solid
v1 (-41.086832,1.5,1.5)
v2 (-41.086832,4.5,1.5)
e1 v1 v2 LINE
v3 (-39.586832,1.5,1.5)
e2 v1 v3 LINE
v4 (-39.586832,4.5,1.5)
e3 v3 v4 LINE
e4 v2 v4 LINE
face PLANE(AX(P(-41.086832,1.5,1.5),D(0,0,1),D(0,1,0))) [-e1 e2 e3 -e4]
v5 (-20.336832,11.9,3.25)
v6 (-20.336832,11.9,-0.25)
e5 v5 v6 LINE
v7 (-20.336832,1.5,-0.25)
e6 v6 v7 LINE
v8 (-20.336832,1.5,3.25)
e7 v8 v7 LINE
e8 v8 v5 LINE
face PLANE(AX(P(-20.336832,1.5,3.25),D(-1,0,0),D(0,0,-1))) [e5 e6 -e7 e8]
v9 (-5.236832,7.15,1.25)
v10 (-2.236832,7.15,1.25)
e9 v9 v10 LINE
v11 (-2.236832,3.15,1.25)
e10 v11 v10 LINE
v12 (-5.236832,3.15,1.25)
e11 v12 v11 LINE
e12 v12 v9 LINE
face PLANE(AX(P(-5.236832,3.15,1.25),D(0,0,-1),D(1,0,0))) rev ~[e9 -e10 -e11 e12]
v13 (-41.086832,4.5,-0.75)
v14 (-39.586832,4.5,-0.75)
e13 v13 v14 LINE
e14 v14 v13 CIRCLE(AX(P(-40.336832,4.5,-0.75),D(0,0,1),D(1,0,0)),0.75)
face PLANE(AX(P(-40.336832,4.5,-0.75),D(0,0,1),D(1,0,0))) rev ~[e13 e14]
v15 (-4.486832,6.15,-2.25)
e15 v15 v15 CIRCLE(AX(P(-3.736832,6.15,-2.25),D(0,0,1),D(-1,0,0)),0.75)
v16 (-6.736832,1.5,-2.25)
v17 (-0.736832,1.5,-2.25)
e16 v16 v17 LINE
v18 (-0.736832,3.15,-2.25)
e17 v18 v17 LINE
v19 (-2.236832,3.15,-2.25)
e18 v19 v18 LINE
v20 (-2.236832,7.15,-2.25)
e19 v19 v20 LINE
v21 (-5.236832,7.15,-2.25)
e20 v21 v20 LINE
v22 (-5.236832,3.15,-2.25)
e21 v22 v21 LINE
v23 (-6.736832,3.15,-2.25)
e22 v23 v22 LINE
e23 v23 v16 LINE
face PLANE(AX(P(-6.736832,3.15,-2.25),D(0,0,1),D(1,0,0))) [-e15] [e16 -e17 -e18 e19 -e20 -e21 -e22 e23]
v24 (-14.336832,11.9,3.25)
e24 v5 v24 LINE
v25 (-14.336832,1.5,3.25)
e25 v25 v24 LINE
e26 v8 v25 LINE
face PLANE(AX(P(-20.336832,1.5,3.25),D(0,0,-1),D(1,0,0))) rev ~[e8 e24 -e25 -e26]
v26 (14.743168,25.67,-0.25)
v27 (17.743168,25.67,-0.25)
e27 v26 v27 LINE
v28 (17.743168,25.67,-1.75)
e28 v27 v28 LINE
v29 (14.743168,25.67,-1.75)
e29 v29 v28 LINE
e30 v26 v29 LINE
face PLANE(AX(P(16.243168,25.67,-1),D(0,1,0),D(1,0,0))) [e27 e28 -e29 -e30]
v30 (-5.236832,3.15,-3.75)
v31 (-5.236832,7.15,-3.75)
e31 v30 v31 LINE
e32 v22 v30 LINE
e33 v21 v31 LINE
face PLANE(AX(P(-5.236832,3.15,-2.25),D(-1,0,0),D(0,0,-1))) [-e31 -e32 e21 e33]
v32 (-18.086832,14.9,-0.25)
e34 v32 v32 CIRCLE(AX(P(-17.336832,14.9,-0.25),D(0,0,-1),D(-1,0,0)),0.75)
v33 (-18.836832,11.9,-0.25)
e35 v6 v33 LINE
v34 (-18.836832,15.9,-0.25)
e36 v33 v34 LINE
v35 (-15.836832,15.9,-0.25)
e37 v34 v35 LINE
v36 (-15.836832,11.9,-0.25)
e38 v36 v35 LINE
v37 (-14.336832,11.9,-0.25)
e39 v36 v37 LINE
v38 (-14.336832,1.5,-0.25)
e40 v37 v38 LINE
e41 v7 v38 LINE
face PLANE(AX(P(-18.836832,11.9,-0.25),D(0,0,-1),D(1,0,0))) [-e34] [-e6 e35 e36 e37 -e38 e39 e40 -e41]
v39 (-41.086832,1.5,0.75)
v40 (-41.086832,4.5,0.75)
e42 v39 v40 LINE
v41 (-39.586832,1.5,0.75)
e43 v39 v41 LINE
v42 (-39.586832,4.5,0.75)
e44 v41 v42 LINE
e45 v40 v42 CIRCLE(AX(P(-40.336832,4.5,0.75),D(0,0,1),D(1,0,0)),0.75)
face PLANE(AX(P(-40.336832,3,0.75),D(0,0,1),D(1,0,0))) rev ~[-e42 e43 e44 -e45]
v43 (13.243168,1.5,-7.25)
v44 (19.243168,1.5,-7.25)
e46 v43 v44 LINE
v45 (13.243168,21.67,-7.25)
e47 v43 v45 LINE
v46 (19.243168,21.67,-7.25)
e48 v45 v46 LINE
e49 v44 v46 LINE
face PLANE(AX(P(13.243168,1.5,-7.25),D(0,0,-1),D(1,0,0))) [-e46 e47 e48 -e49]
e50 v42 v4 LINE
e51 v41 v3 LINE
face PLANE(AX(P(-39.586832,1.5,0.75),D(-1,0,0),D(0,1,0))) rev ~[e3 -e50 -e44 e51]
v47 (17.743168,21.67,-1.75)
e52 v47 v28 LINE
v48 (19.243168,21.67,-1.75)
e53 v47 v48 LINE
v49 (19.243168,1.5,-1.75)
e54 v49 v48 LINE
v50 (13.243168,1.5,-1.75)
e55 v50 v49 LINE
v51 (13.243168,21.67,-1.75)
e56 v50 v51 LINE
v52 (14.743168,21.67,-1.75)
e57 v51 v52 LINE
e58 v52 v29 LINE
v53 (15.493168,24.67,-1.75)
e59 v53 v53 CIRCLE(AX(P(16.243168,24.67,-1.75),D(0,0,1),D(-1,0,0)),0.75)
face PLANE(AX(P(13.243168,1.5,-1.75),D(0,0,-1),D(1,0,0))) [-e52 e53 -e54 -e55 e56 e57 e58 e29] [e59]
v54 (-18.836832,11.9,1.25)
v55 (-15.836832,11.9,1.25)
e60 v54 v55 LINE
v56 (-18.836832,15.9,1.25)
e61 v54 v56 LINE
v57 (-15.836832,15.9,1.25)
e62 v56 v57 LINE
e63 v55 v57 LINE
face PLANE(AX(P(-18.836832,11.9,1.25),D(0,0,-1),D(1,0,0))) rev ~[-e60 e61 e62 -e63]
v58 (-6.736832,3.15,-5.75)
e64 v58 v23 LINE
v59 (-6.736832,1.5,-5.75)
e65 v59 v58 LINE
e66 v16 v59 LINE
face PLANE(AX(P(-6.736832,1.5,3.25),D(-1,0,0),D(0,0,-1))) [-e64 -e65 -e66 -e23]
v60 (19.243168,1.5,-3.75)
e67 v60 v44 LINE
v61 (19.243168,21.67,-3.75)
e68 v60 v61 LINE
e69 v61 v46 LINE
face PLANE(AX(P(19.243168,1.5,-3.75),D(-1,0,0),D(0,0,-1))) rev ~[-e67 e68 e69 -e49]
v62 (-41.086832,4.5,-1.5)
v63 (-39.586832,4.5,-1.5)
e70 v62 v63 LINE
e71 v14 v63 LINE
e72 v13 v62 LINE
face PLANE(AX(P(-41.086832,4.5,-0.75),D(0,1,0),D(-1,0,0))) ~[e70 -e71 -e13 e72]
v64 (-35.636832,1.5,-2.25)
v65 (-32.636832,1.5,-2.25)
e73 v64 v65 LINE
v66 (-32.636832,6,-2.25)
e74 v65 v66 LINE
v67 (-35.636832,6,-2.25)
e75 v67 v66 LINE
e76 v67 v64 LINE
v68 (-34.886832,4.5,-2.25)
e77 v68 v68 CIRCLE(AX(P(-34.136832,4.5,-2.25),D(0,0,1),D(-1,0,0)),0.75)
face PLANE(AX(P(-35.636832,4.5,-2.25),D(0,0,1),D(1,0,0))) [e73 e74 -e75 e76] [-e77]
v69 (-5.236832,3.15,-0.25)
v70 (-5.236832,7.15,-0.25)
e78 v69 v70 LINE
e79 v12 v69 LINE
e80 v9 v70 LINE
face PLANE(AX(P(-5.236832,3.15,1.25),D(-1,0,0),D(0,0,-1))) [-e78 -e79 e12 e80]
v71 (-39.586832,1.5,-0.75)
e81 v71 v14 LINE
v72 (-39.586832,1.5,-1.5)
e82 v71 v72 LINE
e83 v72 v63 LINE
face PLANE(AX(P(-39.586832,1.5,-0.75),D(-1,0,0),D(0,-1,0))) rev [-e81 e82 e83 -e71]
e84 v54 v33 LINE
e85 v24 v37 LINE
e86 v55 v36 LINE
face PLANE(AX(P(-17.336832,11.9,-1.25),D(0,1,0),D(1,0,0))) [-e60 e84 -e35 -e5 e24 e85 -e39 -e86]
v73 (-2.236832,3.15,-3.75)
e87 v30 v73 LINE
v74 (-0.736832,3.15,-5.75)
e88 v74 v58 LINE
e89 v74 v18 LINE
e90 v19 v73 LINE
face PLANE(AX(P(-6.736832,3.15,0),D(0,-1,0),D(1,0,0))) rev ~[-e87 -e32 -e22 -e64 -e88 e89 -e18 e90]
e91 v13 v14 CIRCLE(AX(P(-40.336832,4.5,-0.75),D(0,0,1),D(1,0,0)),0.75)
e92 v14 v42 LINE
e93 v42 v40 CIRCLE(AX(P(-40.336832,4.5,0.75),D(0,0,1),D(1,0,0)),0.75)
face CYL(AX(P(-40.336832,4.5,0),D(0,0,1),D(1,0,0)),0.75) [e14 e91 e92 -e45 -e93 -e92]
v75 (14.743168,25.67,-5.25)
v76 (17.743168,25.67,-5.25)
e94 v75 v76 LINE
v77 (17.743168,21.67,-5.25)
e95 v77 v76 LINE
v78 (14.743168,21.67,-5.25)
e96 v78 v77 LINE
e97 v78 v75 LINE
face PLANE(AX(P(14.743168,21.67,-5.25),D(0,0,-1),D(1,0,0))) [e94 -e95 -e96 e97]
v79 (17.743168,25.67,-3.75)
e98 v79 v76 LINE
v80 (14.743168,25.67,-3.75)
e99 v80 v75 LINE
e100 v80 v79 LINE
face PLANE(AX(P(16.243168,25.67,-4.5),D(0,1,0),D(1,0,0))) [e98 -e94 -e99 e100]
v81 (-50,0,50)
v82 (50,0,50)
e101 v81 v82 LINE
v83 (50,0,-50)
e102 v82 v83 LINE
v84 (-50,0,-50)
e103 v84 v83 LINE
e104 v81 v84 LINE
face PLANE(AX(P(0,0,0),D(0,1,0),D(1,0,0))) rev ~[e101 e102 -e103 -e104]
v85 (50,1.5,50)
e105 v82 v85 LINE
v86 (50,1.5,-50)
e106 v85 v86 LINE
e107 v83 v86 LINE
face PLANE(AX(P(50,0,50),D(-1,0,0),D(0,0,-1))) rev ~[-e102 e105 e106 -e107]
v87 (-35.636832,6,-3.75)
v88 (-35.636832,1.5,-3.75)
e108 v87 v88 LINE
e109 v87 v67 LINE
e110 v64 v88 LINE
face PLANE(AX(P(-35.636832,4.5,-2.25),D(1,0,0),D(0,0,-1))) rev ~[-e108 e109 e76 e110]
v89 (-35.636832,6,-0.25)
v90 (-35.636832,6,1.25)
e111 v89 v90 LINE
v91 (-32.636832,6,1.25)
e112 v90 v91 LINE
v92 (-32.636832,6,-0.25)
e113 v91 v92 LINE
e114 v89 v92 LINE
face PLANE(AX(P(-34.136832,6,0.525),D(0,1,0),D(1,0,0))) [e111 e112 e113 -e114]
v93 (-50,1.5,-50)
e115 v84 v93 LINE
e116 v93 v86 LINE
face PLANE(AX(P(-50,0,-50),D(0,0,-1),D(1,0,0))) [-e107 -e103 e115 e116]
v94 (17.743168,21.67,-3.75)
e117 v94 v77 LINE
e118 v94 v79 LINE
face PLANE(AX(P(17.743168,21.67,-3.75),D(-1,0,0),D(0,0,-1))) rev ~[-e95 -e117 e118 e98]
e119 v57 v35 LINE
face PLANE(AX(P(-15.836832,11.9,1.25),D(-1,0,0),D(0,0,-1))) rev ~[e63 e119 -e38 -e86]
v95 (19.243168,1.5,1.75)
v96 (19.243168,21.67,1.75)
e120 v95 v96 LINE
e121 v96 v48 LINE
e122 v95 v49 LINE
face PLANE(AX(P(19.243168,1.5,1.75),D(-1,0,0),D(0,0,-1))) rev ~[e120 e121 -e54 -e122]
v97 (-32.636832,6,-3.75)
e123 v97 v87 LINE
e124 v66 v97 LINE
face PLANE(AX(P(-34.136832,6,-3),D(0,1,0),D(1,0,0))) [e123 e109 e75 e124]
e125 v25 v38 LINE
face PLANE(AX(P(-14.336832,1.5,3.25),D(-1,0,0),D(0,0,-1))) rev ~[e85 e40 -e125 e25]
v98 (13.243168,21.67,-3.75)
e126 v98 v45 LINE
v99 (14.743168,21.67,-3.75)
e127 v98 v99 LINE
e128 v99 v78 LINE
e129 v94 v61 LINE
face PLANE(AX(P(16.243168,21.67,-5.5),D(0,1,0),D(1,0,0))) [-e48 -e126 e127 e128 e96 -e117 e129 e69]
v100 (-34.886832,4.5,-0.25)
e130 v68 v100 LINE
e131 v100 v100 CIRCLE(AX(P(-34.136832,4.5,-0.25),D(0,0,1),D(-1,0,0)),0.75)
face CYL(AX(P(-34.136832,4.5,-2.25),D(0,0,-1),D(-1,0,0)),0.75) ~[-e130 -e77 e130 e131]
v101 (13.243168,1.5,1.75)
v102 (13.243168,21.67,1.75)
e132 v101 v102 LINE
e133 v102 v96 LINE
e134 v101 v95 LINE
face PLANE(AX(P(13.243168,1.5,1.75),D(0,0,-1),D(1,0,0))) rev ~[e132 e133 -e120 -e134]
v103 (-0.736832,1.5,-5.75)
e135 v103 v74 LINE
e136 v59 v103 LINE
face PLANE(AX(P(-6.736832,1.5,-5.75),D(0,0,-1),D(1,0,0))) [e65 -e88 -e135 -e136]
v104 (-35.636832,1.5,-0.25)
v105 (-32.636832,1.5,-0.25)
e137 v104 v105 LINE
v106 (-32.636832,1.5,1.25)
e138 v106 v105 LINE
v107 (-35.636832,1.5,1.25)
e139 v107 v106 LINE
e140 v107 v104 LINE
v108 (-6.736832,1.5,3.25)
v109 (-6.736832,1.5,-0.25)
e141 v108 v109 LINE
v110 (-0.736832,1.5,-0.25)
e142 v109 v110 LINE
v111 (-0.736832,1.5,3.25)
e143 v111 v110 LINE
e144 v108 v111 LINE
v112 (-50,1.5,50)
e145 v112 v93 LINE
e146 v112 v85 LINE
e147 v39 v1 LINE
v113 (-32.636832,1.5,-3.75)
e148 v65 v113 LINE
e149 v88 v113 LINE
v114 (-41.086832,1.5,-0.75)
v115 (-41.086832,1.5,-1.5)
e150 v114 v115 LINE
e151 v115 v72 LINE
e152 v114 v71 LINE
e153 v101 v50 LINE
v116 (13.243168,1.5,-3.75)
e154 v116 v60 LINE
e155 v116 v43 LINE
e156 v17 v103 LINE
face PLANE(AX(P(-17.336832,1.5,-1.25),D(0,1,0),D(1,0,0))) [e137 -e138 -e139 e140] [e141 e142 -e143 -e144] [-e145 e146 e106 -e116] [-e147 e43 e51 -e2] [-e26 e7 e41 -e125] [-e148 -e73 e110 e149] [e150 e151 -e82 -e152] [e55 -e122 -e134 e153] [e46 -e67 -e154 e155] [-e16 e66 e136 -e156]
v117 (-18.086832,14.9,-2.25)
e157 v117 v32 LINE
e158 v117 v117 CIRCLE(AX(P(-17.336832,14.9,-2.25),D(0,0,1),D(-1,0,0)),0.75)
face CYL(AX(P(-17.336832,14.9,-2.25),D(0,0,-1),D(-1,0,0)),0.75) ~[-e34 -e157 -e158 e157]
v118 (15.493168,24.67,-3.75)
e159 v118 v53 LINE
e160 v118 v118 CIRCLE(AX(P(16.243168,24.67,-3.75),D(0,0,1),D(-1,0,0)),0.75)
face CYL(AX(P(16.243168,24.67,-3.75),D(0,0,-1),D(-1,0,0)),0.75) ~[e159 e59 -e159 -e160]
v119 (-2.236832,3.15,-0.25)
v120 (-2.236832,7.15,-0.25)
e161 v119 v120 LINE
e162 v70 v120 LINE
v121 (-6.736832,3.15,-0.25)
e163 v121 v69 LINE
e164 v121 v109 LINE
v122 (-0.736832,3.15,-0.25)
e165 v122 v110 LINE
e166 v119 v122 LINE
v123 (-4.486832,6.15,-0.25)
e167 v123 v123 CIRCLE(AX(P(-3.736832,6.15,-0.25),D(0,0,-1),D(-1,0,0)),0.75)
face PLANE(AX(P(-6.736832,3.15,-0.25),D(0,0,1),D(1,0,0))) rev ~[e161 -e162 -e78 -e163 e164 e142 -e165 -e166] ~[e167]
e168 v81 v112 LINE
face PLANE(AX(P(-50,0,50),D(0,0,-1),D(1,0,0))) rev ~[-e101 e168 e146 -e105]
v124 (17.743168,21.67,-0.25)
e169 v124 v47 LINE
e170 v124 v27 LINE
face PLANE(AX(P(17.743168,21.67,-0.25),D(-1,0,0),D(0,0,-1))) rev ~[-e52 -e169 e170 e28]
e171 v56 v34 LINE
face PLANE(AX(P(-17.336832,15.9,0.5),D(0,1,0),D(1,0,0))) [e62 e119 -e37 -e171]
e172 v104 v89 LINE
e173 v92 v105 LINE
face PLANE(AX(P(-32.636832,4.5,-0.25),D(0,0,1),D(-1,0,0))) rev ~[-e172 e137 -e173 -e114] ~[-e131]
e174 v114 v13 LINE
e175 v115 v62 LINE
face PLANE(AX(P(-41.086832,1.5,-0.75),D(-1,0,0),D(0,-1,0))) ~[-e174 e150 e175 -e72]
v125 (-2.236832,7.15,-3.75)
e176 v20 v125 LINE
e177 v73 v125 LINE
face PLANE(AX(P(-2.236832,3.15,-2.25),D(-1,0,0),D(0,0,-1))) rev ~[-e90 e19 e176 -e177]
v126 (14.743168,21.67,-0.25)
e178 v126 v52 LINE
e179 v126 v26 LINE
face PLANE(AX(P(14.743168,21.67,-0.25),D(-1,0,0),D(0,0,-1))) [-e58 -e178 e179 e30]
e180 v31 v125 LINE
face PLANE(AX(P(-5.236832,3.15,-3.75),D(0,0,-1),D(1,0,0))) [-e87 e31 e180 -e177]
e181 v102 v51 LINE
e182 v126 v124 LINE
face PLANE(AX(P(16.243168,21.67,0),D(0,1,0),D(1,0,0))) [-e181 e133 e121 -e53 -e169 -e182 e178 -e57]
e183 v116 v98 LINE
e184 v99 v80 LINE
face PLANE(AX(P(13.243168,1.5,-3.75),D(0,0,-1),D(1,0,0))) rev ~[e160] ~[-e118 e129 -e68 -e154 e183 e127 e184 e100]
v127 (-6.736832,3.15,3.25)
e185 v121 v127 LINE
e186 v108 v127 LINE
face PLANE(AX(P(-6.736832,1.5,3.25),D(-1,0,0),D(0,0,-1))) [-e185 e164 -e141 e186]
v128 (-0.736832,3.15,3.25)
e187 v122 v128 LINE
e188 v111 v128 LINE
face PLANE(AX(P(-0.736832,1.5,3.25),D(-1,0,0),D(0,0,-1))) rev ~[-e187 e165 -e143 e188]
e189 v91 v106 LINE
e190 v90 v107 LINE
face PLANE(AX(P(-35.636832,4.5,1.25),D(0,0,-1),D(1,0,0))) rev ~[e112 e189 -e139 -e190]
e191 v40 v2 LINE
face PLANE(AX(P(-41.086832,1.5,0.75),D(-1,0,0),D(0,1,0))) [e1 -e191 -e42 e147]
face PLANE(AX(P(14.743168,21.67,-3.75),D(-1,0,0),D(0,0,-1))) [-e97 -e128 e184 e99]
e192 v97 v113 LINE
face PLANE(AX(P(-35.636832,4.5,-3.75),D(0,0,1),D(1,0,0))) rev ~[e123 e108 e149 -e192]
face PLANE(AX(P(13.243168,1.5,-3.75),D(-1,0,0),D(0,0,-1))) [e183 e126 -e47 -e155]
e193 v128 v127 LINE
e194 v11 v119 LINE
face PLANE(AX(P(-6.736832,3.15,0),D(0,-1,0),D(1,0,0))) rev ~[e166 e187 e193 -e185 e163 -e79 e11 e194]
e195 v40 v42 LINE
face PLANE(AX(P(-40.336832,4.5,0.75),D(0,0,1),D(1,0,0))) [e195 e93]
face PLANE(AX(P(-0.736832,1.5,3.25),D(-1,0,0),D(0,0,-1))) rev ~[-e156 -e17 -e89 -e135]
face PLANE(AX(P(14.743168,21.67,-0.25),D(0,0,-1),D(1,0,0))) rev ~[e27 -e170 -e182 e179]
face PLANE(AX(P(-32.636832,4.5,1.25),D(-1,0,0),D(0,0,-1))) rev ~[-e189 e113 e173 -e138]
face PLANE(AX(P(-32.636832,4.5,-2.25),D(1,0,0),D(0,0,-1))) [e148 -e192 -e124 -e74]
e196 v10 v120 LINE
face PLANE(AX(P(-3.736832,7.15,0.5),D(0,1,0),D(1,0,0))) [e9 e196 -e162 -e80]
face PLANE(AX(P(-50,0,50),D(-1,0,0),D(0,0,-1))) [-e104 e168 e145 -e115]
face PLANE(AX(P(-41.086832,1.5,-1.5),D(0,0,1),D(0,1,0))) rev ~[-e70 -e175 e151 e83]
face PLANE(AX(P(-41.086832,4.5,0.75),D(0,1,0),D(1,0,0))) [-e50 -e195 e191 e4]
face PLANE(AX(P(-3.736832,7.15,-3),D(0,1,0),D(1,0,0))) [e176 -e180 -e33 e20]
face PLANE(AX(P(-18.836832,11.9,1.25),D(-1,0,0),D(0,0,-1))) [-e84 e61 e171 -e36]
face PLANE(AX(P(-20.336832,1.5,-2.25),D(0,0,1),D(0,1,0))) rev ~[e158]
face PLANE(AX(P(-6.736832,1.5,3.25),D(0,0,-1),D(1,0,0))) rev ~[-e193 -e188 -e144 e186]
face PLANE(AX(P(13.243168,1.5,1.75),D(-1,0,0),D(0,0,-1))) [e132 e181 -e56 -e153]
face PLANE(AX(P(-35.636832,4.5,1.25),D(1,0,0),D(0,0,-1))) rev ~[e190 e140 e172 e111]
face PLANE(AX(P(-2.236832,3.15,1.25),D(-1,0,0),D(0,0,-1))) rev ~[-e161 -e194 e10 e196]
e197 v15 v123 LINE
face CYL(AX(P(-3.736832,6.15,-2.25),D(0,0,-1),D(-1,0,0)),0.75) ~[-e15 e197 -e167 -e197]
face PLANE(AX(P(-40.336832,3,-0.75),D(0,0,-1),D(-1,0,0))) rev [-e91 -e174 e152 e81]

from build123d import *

# Parameters (mm, degrees)
SKETCH_1_W             = 100
SKETCH_1_H             = 100
EXTRUDE_1_DEPTH        = 1.5
SKETCH_2_R             = 0.75
EXTRUDE_2_DEPTH        = 0.75
SKETCH_3_W             = 1.5
SKETCH_3_H             = 3
EXTRUDE_3_DEPTH        = 1.5
SKETCH_5_W             = 3
SKETCH_5_H             = 1.5
EXTRUDE_4_DEPTH        = 3
SKETCH_7_R             = 0.75
EXTRUDE_5_DEPTH        = 2.5
SKETCH_8_W             = 6
SKETCH_8_H             = 9
EXTRUDE_6_DEPTH        = 10.4
SKETCH_9_W             = 3
SKETCH_9_H             = 1.5
EXTRUDE_7_DEPTH        = 4
SKETCH_10_R            = 0.75
EXTRUDE_8_DEPTH        = 3
SKETCH_11_W            = 6
SKETCH_11_H            = 2
CUT_EXTRUDE_1_DEPTH    = 10.4
SKETCH_12_W            = 6
SKETCH_12_H            = 3.5
EXTRUDE_9_DEPTH        = 20.17
SKETCH_13_W            = 3
SKETCH_13_H            = 1.5
EXTRUDE_10_DEPTH       = 4
SKETCH_14_R            = 0.75
EXTRUDE_11_DEPTH       = 2
PATTERN_LINEAR_2_COUNT = 2
PATTERN_LINEAR_2_PITCH = 13.6
SKETCH_16_W            = 6
SKETCH_16_H            = 8.75
CUT_EXTRUDE_2_DEPTH    = 9.25
SKETCH_17_W            = 6
SKETCH_17_H            = 2
CUT_EXTRUDE_3_DEPTH    = 1.65
SKETCH_18_W            = 3
SKETCH_18_H            = 1.5
EXTRUDE_12_DEPTH       = 4
SKETCH_19_R            = 0.75
EXTRUDE_13_DEPTH       = 3
EXTRUDE_14_DEPTH       = 1.5
SKETCH_21_W            = 0.75
SKETCH_21_H            = 3
CUT_EXTRUDE_4_DEPTH    = 1.5
SKETCH_22_W            = 1.5
SKETCH_22_H            = 0.5
EXTRUDE_15_DEPTH       = 2.5
SKETCH_23_W            = 3.5
SKETCH_23_H            = 14.4
CUT_EXTRUDE_5_DEPTH    = 6


with BuildPart() as part:
    # 草圖1 → 填料-伸長1 (new body)
    with BuildSketch(Plane(origin=(0, 0, 0), x_dir=(1, 0, 0), z_dir=(0, 1, 0))):
        Rectangle(SKETCH_1_W, SKETCH_1_H)
    extrude(amount=EXTRUDE_1_DEPTH)



with BuildPart() as body_2:
    # 草圖2 → 填料-伸長2 (new, symmetric)
    with BuildSketch(Plane.XY):
        with Locations((-40.336831864, 4.5)):
            Circle(SKETCH_2_R)
    extrude(amount=EXTRUDE_2_DEPTH, both=True)


with BuildPart() as part_1:
    add(part.part)

    add(body_2.part)  # 填料-伸長3 merges body 2
    # 草圖3 → 填料-伸長3 (add)
    with BuildSketch(Plane.XY.offset(0.75)):
        with Locations((-40.336831864, 3)):
            Rectangle(SKETCH_3_W, SKETCH_3_H)
    extrude_3 = extrude(amount=EXTRUDE_3_DEPTH)

    # 鏡射1: 填料-伸長3 across plane
    add(extrude_3.mirror(Plane.XY))

    # 草圖5 → 填料-伸長4 (add)
    with BuildSketch(Plane(origin=(0, 4.5, 0), x_dir=(1, 0, 0), z_dir=(0, 1, 0))):
        with Locations((-34.136831864, -0.5)):
            Rectangle(SKETCH_5_W, SKETCH_5_H)
        with Locations((-34.136831864, 3)):
            Rectangle(SKETCH_5_W, SKETCH_5_H)
    extrude(amount=-EXTRUDE_4_DEPTH)

    # 草圖7 → 填料-伸長5 (add)
    with BuildSketch(Plane.XY.offset(-2.25)):
        with Locations(Location((-34.136831864, 4.5, 0), (0, 0, 180))):
            Circle(SKETCH_7_R)
    extrude(amount=EXTRUDE_5_DEPTH)

    # 草圖8 → 填料-伸長6 (add)
    with BuildSketch(Plane(origin=(0, 1.5, 0), x_dir=(1, 0, 0), z_dir=(0, 1, 0))):
        with Locations((-17.336831864, 1.25)):
            Rectangle(SKETCH_8_W, SKETCH_8_H)
    extrude_6 = extrude(amount=EXTRUDE_6_DEPTH)

    # 草圖9 → 填料-伸長7 (add)
    with BuildSketch(Plane(origin=(0, 11.9, 0), x_dir=(1, 0, 0), z_dir=(0, 1, 0))):
        with Locations((-17.336831864, 3)):
            Rectangle(SKETCH_9_W, SKETCH_9_H)
        with Locations((-17.336831864, -0.5)):
            Rectangle(SKETCH_9_W, SKETCH_9_H)
    extrude(amount=EXTRUDE_7_DEPTH)

    # 草圖10 → 填料-伸長8 (add)
    with BuildSketch(Plane.XY.offset(-2.25)):
        with Locations(Location((-17.336831864, 14.9, 0), (0, 0, 180))):
            Circle(SKETCH_10_R)
    extrude(amount=EXTRUDE_8_DEPTH)

    # 草圖11 → 除料-伸長1 (cut)
    with BuildSketch(Plane(origin=(0, 11.9, 0), x_dir=(1, 0, 0), z_dir=(0, 1, 0))):
        with Locations((-17.336831864, 1.25)):
            Rectangle(SKETCH_11_W, SKETCH_11_H)
    extrude(amount=-CUT_EXTRUDE_1_DEPTH, mode=Mode.SUBTRACT)

    # 草圖12 → 填料-伸長9 (add)
    with BuildSketch(Plane(origin=(0, 1.5, 0), x_dir=(1, 0, 0), z_dir=(0, 1, 0))):
        with Locations((16.243168136, 0)):
            Rectangle(SKETCH_12_W, SKETCH_12_H)
        with Locations((16.243168136, 5.5)):
            Rectangle(SKETCH_12_W, SKETCH_12_H)
    extrude(amount=EXTRUDE_9_DEPTH)

    # 草圖13 → 填料-伸長10 (add)
    with BuildSketch(Plane(origin=(0, 21.67, 0), x_dir=(1, 0, 0), z_dir=(0, 1, 0))):
        with Locations((16.243168136, 1)):
            Rectangle(SKETCH_13_W, SKETCH_13_H)
        with Locations((16.243168136, 4.5)):
            Rectangle(SKETCH_13_W, SKETCH_13_H)
    extrude(amount=EXTRUDE_10_DEPTH)

    # 草圖14 → 填料-伸長11 (add)
    with BuildSketch(Plane.XY.offset(-3.75)):
        with Locations(Location((16.243168136, 24.67, 0), (0, 0, 180))):
            Circle(SKETCH_14_R)
    extrude(amount=EXTRUDE_11_DEPTH)

    # 直線複製排列2: 填料-伸長6 ×2
    with Locations(*[(i * PATTERN_LINEAR_2_PITCH, 0, 0) for i in range(1, PATTERN_LINEAR_2_COUNT)]):
        add(extrude_6)

    # 草圖16 → 除料-伸長2 (cut, symmetric)
    with BuildSketch(Plane.XY):
        with Locations((-3.736831864, 7.525)):
            Rectangle(SKETCH_16_W, SKETCH_16_H)
    extrude(amount=CUT_EXTRUDE_2_DEPTH, both=True, mode=Mode.SUBTRACT)

    # 草圖17 → 除料-伸長3 (cut)
    with BuildSketch(Plane(origin=(0, 3.15, 0), x_dir=(1, 0, 0), z_dir=(0, 1, 0))):
        with Locations((-3.736831864, 1.25)):
            Rectangle(SKETCH_17_W, SKETCH_17_H)
    extrude(amount=-CUT_EXTRUDE_3_DEPTH, mode=Mode.SUBTRACT)

    # 草圖18 → 填料-伸長12 (add)
    with BuildSketch(Plane(origin=(0, 3.15, 0), x_dir=(1, 0, 0), z_dir=(0, 1, 0))):
        with Locations((-3.736831864, 3)):
            Rectangle(SKETCH_18_W, SKETCH_18_H)
        with Locations((-3.736831864, -0.5)):
            Rectangle(SKETCH_18_W, SKETCH_18_H)
    extrude(amount=EXTRUDE_12_DEPTH)

    # 草圖19 → 填料-伸長13 (add)
    with BuildSketch(Plane.XY.offset(-2.25)):
        with Locations(Location((-3.736831864, 6.15, 0), (0, 0, 180))):
            Circle(SKETCH_19_R)
    extrude(amount=EXTRUDE_13_DEPTH)

    # 草圖20 → 填料-伸長14 (add)
    with BuildSketch(Plane(origin=(0, 4.5, 0), x_dir=(1, 0, 0), z_dir=(0, 1, 0))):
        Polygon((-32.636831864, 0.25), (-33.386831864, 0.25), (-33.386831864, -0.25), (-34.886831864, -0.25), (-34.886831864, 0.25), (-35.636831864, 0.25), (-35.636831864, -1.25), (-32.636831864, -1.25), align=None)
        Polygon((-35.636831864, 3.75), (-35.636831864, 2.25), (-34.886831864, 2.25), (-33.386831864, 2.25), (-32.636831864, 2.25), (-32.636831864, 3.75), align=None)
    extrude(amount=EXTRUDE_14_DEPTH)

    # 草圖21 → 除料-伸長4 (cut)
    with BuildSketch(Plane.ZY.offset(41.086831864)):
        with Locations((1.875, 3)):
            Rectangle(SKETCH_21_W, SKETCH_21_H)
        with Locations((-1.875, 3)):
            Rectangle(SKETCH_21_W, SKETCH_21_H)
    extrude(amount=-CUT_EXTRUDE_4_DEPTH, mode=Mode.SUBTRACT)

    # 草圖22 → 填料-伸長15 (add)
    with BuildSketch(Plane(origin=(0, 6, 0), x_dir=(1, 0, 0), z_dir=(0, 1, 0))):
        with Locations((-34.136831864, 0)):
            Rectangle(SKETCH_22_W, SKETCH_22_H)
    extrude(amount=-EXTRUDE_15_DEPTH)

    # 草圖23 → 除料-伸長5 (cut)
    with BuildSketch(Plane.ZY.offset(20.336831864)):
        with Locations((-4, 8.7)):
            Rectangle(SKETCH_23_W, SKETCH_23_H)
    extrude(amount=-CUT_EXTRUDE_5_DEPTH, mode=Mode.SUBTRACT)


solid = part_1.part
